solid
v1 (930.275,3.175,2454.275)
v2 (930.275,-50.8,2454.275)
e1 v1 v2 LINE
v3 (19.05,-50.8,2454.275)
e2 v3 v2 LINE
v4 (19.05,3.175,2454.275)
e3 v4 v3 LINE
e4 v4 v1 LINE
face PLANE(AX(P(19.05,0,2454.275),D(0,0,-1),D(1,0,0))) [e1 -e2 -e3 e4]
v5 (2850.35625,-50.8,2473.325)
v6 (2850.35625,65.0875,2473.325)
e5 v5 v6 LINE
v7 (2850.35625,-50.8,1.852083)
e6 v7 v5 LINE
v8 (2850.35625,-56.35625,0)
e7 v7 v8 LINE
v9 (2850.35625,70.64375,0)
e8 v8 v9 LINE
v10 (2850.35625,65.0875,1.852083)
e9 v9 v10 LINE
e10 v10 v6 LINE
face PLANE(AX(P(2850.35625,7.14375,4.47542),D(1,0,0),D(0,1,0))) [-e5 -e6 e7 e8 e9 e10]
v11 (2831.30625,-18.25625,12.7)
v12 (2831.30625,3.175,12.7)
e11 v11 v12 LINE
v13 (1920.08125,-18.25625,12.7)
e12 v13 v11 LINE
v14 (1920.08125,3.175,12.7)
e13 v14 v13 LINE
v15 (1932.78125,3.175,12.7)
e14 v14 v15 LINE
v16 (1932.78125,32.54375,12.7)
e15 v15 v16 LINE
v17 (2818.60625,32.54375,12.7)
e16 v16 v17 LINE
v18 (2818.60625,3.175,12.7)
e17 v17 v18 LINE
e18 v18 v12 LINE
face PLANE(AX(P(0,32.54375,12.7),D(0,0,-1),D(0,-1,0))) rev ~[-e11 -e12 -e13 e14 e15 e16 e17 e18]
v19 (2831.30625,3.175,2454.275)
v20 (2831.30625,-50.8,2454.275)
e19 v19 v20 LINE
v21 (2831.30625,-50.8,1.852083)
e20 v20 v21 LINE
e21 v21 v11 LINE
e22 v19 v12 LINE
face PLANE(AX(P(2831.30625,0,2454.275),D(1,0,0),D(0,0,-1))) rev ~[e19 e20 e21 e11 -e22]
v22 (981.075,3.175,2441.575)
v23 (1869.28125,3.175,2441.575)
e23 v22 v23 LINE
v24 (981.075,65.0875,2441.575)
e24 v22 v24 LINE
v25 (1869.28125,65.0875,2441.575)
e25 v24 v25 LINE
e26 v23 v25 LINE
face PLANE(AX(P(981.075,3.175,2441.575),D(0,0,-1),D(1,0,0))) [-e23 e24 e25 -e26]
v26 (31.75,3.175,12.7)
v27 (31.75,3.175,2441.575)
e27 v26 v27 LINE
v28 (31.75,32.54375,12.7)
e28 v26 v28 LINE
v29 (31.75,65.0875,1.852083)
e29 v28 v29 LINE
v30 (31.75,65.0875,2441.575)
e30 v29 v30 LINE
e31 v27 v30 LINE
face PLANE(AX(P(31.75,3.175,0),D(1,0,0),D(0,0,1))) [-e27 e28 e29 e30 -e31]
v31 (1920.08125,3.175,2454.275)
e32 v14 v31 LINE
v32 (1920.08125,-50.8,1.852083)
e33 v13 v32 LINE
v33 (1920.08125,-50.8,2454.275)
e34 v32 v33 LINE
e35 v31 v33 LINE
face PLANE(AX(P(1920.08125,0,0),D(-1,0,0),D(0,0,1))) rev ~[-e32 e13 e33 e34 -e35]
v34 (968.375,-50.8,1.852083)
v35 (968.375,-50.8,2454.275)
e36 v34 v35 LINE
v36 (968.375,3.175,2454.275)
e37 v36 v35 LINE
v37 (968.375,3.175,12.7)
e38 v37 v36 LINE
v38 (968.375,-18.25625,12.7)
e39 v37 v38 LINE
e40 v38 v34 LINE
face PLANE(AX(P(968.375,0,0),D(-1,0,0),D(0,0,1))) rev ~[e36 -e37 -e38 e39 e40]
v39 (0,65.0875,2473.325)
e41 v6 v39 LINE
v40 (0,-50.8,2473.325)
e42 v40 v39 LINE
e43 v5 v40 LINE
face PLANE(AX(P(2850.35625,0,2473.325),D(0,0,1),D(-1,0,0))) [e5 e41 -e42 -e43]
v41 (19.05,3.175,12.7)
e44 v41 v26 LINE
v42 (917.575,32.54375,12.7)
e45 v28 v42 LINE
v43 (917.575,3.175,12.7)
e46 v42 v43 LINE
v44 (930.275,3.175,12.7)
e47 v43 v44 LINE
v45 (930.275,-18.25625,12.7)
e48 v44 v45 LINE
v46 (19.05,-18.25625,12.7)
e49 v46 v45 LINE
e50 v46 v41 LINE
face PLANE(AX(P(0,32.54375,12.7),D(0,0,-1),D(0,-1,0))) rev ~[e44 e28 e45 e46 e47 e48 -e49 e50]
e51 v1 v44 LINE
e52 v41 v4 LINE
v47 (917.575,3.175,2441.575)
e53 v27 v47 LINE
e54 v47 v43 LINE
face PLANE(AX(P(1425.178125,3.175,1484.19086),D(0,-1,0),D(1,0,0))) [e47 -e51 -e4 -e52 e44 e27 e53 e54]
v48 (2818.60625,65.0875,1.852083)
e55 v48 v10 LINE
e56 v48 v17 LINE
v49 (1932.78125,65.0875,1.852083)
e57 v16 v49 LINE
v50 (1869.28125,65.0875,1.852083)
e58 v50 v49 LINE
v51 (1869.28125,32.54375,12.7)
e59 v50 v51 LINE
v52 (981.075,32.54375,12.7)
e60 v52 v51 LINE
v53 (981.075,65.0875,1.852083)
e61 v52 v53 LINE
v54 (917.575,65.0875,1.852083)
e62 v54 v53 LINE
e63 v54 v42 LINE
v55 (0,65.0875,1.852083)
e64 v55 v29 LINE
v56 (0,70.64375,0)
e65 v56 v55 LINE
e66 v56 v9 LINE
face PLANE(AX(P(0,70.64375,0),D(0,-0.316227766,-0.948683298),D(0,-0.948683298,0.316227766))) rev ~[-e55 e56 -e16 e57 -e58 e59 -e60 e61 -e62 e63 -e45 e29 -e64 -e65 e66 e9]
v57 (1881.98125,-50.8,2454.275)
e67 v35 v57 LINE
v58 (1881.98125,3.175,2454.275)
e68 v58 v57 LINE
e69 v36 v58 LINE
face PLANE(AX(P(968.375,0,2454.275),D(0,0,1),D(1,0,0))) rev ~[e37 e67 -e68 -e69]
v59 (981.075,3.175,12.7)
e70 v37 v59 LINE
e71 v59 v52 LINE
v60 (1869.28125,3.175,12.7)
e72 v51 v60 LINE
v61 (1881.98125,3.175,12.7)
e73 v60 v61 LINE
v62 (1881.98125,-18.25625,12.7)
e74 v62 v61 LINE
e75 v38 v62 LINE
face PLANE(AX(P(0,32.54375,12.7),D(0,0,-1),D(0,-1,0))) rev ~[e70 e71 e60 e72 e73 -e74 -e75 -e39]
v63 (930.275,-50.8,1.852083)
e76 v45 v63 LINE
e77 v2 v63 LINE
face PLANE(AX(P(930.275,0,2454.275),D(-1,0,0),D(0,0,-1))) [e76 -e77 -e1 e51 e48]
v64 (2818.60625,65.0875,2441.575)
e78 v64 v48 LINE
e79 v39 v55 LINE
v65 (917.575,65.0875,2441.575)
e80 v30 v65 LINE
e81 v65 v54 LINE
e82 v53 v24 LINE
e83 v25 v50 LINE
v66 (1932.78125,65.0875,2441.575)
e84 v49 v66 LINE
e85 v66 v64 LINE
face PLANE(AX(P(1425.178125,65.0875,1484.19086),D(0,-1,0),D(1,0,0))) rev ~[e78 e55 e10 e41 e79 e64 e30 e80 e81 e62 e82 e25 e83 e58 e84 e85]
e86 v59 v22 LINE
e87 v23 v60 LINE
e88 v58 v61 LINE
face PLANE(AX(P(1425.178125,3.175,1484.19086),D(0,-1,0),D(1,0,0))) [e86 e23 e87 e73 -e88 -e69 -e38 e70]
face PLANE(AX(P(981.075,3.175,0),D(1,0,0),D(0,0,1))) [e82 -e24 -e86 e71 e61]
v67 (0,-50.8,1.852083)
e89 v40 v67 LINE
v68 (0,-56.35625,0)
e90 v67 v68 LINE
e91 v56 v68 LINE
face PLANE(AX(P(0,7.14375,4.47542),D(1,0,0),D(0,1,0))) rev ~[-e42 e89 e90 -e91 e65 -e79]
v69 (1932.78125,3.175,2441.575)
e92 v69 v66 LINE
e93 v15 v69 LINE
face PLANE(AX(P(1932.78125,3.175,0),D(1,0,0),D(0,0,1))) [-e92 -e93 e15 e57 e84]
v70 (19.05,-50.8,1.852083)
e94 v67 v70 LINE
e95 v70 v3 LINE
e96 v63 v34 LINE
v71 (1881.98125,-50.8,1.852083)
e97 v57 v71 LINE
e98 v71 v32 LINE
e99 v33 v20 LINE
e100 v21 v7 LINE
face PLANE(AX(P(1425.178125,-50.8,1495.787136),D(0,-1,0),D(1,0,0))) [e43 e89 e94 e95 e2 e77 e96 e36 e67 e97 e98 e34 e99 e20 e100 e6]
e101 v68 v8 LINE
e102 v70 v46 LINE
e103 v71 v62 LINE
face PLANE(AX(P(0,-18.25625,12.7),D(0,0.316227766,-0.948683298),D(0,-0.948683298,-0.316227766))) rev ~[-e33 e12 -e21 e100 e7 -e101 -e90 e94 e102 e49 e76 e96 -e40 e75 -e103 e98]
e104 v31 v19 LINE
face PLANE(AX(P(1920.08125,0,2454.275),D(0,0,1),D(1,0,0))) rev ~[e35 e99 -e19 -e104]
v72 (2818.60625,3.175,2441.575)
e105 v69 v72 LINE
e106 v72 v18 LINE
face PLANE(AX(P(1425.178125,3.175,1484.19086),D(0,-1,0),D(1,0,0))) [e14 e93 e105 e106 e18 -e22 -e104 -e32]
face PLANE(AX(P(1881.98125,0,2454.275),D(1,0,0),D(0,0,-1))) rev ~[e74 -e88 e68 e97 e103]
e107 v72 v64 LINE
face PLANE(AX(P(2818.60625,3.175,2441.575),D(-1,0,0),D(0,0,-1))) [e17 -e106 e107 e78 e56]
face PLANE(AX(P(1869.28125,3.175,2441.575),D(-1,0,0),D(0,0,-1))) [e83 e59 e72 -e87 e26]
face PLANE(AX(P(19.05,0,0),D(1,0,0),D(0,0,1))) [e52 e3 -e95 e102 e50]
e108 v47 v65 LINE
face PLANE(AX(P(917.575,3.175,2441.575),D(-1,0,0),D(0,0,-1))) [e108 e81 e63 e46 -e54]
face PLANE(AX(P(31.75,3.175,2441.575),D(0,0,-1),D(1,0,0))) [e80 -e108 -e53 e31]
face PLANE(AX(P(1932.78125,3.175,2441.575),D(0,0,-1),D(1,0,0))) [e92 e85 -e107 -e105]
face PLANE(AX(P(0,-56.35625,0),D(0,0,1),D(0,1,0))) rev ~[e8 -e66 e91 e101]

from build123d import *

# Parameters (mm, degrees)
F3_DEPTH      = 61.9125
F5_DEPTH      = 50.8
F5_DEPTH_BACK = 3.175
F7_DEPTH      = 2850.35625


with BuildPart() as f3:
    # F2 (on offset) → F3 (new body)
    with BuildSketch(Plane.XZ.offset(-3.175)):
        Polygon((0, 2454.275), (0, 0), (19.05, 0), (31.75, 0), (31.75, 2441.575), (917.575, 2441.575), (917.575, 0), (930.275, 0), (949.325, 0), (968.375, 0), (981.075, 0), (981.075, 2441.575), (1869.28125, 2441.575), (1869.28125, 0), (1881.98125, 0), (1901.03125, 0), (1920.08125, 0), (1932.78125, 0), (1932.78125, 2441.575), (2818.60625, 2441.575), (2818.60625, 0), (2831.30625, 0), (2850.35625, 0), (2850.35625, 2454.275), (2850.35625, 2473.325), (0, 2473.325), align=None)
    extrude(amount=-F3_DEPTH)

    # F4 (on Front) → F5 (join, two sides)
    with BuildSketch(Plane.XZ) as f5_sk:
        Polygon((0, 2454.275), (0, 0), (19.05, 0), (19.05, 2441.575), (19.05, 2454.275), (930.275, 2454.275), (930.275, 0), (949.325, 0), (968.375, 0), (968.375, 2454.275), (1881.98125, 2454.275), (1881.98125, 2441.575), (1881.98125, 0), (1901.03125, 0), (1920.08125, 0), (1920.08125, 2441.575), (1920.08125, 2454.275), (2831.30625, 2454.275), (2831.30625, 2441.575), (2831.30625, 0), (2850.35625, 0), (2850.35625, 2454.275), (2850.35625, 2473.325), (0, 2473.325), align=None)
    extrude(amount=F5_DEPTH)
    extrude(f5_sk.sketch, amount=-F5_DEPTH_BACK)

    # F6 (on Right) → F7 (join, through all)
    with BuildSketch(Plane.YZ):
        Polygon((7.14375, 0), (65.0875, 0), (70.64375, 0), (32.54375, 12.7), (-18.25625, 12.7), (-56.35625, 0), (-50.8, 0), align=None)
    extrude(amount=F7_DEPTH)


solid = f3.part
